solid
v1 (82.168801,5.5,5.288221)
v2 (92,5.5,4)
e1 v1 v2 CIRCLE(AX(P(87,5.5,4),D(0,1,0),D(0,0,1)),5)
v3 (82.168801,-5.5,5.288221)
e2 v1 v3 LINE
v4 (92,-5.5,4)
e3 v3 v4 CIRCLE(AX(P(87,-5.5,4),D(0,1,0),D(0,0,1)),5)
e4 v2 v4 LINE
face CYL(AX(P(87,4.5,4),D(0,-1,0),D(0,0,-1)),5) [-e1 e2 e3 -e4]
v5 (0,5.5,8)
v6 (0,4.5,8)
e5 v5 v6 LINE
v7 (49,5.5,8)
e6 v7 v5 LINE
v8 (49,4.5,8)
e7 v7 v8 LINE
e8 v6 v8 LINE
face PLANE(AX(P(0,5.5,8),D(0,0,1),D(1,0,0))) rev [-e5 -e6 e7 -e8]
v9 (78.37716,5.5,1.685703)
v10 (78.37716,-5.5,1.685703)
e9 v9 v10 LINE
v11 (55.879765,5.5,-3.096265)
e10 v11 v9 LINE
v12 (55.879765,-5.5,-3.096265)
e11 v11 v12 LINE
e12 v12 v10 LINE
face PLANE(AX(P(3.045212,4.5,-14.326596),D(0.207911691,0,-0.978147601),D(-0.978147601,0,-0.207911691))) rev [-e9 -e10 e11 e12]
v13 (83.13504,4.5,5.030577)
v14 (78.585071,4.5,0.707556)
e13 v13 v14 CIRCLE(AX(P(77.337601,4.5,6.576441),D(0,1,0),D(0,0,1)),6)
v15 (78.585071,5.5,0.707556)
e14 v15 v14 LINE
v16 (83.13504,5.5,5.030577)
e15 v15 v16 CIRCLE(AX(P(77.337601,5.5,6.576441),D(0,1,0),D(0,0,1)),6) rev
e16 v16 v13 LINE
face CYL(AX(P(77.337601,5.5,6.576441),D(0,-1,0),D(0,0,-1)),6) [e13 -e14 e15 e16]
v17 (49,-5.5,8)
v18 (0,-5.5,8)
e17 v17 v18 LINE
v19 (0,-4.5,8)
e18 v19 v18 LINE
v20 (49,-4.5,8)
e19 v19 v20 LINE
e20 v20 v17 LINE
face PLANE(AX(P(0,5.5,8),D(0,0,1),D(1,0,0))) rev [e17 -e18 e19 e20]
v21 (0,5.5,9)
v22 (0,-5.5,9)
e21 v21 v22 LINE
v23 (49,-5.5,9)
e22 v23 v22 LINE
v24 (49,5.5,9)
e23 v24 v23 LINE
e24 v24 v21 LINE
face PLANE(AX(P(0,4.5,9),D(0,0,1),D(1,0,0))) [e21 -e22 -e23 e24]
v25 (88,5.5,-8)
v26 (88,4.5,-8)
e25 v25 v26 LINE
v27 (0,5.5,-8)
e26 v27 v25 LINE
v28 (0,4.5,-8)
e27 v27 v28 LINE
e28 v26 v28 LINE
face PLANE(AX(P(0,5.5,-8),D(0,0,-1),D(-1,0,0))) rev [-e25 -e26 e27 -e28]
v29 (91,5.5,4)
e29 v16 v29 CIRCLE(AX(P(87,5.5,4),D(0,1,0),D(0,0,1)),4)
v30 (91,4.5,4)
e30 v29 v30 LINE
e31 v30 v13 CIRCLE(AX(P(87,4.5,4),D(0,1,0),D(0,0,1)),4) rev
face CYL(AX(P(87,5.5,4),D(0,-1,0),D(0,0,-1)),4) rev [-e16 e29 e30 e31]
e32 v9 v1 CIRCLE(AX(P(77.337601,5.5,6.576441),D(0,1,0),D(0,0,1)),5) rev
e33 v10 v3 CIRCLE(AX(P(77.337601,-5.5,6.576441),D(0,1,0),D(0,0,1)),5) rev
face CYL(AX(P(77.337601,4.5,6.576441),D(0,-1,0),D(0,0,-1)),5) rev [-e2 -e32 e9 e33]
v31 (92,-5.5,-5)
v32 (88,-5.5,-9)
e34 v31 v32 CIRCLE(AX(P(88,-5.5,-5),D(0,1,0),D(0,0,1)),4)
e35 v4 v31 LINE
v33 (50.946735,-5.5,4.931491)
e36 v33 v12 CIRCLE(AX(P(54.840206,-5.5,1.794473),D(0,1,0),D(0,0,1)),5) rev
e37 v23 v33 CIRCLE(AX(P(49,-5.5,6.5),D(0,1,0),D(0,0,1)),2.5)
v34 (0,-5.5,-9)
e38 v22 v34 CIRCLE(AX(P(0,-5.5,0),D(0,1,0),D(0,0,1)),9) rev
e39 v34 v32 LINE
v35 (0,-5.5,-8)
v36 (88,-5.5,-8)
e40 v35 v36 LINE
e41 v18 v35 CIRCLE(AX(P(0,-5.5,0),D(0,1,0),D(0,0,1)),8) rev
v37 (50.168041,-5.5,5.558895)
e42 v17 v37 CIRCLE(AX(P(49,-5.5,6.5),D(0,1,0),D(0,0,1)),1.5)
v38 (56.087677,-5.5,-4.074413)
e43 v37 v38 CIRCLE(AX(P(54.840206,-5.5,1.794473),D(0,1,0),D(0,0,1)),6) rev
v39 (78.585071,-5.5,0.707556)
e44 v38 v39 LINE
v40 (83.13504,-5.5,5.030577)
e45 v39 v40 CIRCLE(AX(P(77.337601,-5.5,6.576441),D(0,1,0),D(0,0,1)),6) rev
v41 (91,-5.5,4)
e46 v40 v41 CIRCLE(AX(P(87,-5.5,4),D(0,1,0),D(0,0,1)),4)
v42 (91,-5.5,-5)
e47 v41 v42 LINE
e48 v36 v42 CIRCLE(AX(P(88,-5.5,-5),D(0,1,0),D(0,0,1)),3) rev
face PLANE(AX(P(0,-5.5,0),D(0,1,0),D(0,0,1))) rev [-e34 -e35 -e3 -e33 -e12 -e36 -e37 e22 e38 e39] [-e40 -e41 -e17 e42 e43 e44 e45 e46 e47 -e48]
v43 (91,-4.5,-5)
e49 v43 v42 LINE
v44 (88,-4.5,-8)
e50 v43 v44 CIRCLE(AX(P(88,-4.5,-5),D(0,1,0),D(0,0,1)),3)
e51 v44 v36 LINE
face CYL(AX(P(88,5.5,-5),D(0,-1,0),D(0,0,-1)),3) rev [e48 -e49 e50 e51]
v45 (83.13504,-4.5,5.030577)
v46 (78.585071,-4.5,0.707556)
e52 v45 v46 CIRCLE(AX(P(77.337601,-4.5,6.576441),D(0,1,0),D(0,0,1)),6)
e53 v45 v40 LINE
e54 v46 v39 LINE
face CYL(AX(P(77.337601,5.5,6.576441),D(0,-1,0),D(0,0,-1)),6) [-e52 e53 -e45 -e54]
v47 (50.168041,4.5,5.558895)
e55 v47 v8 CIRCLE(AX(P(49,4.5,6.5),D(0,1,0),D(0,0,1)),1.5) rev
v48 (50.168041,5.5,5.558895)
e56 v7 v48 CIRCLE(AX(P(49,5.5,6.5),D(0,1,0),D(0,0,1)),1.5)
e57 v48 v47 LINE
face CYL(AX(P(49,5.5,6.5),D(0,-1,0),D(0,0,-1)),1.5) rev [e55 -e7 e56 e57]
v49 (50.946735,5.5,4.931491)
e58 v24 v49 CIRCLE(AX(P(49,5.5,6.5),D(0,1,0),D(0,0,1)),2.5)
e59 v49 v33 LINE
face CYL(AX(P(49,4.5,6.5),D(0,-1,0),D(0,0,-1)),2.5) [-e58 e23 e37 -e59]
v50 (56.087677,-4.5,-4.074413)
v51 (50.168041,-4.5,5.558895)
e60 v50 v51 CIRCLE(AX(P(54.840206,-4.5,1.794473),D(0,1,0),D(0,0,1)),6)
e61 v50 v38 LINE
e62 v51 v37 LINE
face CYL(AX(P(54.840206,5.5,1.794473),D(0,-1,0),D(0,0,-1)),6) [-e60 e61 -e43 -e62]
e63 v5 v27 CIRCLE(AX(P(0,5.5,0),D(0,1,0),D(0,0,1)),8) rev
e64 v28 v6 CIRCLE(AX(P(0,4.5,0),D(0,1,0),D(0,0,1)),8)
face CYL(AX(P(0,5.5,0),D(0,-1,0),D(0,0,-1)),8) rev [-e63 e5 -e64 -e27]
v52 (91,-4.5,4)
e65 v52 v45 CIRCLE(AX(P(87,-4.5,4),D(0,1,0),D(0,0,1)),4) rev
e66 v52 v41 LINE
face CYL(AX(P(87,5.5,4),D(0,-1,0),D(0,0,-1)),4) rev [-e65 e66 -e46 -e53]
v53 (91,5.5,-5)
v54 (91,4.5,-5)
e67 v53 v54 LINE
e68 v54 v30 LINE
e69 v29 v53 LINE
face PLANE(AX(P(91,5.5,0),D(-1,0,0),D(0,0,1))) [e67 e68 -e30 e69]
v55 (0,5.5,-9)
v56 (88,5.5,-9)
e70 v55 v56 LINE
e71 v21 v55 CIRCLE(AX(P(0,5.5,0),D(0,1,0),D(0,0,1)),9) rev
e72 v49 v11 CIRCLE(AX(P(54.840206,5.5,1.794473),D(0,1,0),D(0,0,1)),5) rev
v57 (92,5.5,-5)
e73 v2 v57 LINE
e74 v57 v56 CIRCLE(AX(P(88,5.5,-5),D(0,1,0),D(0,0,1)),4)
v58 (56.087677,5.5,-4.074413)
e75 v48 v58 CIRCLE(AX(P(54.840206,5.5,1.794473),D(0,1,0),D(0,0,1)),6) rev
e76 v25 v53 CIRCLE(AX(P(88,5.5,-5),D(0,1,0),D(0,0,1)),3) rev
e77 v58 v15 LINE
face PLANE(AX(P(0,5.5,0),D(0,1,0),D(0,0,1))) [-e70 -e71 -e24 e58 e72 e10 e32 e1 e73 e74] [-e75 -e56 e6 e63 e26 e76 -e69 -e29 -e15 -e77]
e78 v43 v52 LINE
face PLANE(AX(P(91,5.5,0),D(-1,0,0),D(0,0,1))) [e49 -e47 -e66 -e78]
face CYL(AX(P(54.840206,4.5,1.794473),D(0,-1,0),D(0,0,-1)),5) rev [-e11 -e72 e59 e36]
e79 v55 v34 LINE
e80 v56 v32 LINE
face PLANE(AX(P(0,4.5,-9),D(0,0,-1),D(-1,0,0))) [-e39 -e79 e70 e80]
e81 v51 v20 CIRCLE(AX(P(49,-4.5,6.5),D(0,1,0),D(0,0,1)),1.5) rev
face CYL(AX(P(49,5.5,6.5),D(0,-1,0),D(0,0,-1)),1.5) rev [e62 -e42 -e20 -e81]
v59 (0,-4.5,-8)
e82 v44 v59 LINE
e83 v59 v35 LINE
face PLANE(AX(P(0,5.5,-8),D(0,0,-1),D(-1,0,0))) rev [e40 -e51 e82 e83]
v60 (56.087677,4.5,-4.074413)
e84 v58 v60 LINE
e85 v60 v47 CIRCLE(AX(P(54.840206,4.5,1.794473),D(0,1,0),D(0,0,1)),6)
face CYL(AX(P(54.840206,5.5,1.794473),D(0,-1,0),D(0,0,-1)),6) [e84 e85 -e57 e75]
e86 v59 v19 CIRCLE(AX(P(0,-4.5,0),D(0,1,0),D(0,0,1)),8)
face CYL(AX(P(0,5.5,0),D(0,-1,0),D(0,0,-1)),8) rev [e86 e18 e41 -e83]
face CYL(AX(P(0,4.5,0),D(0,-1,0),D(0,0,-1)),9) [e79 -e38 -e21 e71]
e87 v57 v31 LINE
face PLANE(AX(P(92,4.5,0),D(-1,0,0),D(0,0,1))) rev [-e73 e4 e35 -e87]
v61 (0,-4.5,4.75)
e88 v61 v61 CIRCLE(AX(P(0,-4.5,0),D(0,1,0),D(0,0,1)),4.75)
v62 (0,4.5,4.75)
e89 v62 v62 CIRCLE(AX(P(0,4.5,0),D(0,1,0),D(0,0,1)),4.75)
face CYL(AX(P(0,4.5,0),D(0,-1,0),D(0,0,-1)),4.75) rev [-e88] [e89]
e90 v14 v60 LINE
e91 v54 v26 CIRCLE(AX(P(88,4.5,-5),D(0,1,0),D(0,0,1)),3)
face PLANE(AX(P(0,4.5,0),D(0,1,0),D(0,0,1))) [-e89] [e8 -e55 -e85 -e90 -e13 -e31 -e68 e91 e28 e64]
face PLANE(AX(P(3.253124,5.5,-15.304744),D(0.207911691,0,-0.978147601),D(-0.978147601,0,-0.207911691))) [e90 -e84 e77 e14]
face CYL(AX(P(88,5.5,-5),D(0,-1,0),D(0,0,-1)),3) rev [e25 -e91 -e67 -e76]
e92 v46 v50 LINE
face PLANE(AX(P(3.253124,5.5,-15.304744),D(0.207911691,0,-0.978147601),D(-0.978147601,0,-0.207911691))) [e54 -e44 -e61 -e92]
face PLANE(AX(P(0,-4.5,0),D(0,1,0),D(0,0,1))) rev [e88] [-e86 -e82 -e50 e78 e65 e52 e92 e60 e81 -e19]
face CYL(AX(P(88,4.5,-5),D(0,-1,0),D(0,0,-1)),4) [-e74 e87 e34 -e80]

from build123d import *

# Parameters (mm, degrees)
SKETCH2_R           = 4.75
BOSS_EXTRUDE1_DEPTH = 4.5
BOSS_EXTRUDE2_DEPTH = 5.5


with BuildPart() as part:
    # Sketch2 → Boss-Extrude1 (new, symmetric)
    with BuildSketch(Plane(origin=(0, 0, 0), x_dir=(1, 0, 0), z_dir=(0, 1, 0))):
        with BuildLine():
            Line((88, 9), (0, 9))
            ThreePointArc((0, 9), (-9, 0), (0, -9))
            Line((0, -9), (49, -9))
            ThreePointArc((49, -9), (51.255135572, -7.579056787), (50.946735477, -4.93149084))
            ThreePointArc((50.946735477, -4.93149084), (50.580227318, 0.823270393), (55.879764884, 3.096265482))
            Line((55.879764884, 3.096265482), (78.377159701, -1.685703406))
            ThreePointArc((78.377159701, -1.685703406), (80.781578904, -2.951663086), (82.168800624, -5.288220705))
            ThreePointArc((82.168800624, -5.288220705), (87.649616471, -8.95762024), (92, -4))
            Line((92, -4), (92, 5))
            ThreePointArc((92, 5), (90.828427125, 7.828427125), (88, 9))
        make_face()
        Circle(SKETCH2_R, mode=Mode.SUBTRACT)
    extrude(amount=BOSS_EXTRUDE1_DEPTH, both=True)

    # Sketch2<3> → Boss-Extrude2 (add, symmetric)
    with BuildSketch(Plane(origin=(0, 0, 0), x_dir=(1, 0, 0), z_dir=(0, 1, 0))):
        with BuildLine():
            Line((88, 9), (0, 9))
            ThreePointArc((0, 9), (-9, 0), (0, -9))
            Line((0, -9), (49, -9))
            ThreePointArc((49, -9), (51.255135572, -7.579056787), (50.946735477, -4.93149084))
            ThreePointArc((50.946735477, -4.93149084), (50.580227318, 0.823270393), (55.879764884, 3.096265482))
            Line((55.879764884, 3.096265482), (78.377159701, -1.685703406))
            ThreePointArc((78.377159701, -1.685703406), (80.781578904, -2.951663086), (82.168800624, -5.288220705))
            ThreePointArc((82.168800624, -5.288220705), (87.649616471, -8.95762024), (92, -4))
            Line((92, -4), (92, 5))
            ThreePointArc((92, 5), (90.828427125, 7.828427125), (88, 9))
        make_face()
        with BuildLine():
            ThreePointArc((0, -8), (-8, 0), (0, 8))
            Line((0, 8), (88, 8))
            ThreePointArc((88, 8), (90.121320344, 7.121320344), (91, 5))
            Line((91, 5), (91, -4))
            ThreePointArc((91, -4), (87.519693176, -7.966096192), (83.135040499, -5.030576564))
            ThreePointArc((83.135040499, -5.030576564), (81.470374435, -2.226707421), (78.585071392, -0.707555806))
            Line((78.585071392, -0.707555806), (56.087676575, 4.074413083))
            ThreePointArc((56.087676575, 4.074413083), (49.728231496, 1.346818976), (50.168041286, -5.558894504))
            ThreePointArc((50.168041286, -5.558894504), (50.353081343, -7.147434072), (49, -8))
            Line((49, -8), (0, -8))
        make_face(mode=Mode.SUBTRACT)
    extrude(amount=BOSS_EXTRUDE2_DEPTH, both=True)


solid = part.part
